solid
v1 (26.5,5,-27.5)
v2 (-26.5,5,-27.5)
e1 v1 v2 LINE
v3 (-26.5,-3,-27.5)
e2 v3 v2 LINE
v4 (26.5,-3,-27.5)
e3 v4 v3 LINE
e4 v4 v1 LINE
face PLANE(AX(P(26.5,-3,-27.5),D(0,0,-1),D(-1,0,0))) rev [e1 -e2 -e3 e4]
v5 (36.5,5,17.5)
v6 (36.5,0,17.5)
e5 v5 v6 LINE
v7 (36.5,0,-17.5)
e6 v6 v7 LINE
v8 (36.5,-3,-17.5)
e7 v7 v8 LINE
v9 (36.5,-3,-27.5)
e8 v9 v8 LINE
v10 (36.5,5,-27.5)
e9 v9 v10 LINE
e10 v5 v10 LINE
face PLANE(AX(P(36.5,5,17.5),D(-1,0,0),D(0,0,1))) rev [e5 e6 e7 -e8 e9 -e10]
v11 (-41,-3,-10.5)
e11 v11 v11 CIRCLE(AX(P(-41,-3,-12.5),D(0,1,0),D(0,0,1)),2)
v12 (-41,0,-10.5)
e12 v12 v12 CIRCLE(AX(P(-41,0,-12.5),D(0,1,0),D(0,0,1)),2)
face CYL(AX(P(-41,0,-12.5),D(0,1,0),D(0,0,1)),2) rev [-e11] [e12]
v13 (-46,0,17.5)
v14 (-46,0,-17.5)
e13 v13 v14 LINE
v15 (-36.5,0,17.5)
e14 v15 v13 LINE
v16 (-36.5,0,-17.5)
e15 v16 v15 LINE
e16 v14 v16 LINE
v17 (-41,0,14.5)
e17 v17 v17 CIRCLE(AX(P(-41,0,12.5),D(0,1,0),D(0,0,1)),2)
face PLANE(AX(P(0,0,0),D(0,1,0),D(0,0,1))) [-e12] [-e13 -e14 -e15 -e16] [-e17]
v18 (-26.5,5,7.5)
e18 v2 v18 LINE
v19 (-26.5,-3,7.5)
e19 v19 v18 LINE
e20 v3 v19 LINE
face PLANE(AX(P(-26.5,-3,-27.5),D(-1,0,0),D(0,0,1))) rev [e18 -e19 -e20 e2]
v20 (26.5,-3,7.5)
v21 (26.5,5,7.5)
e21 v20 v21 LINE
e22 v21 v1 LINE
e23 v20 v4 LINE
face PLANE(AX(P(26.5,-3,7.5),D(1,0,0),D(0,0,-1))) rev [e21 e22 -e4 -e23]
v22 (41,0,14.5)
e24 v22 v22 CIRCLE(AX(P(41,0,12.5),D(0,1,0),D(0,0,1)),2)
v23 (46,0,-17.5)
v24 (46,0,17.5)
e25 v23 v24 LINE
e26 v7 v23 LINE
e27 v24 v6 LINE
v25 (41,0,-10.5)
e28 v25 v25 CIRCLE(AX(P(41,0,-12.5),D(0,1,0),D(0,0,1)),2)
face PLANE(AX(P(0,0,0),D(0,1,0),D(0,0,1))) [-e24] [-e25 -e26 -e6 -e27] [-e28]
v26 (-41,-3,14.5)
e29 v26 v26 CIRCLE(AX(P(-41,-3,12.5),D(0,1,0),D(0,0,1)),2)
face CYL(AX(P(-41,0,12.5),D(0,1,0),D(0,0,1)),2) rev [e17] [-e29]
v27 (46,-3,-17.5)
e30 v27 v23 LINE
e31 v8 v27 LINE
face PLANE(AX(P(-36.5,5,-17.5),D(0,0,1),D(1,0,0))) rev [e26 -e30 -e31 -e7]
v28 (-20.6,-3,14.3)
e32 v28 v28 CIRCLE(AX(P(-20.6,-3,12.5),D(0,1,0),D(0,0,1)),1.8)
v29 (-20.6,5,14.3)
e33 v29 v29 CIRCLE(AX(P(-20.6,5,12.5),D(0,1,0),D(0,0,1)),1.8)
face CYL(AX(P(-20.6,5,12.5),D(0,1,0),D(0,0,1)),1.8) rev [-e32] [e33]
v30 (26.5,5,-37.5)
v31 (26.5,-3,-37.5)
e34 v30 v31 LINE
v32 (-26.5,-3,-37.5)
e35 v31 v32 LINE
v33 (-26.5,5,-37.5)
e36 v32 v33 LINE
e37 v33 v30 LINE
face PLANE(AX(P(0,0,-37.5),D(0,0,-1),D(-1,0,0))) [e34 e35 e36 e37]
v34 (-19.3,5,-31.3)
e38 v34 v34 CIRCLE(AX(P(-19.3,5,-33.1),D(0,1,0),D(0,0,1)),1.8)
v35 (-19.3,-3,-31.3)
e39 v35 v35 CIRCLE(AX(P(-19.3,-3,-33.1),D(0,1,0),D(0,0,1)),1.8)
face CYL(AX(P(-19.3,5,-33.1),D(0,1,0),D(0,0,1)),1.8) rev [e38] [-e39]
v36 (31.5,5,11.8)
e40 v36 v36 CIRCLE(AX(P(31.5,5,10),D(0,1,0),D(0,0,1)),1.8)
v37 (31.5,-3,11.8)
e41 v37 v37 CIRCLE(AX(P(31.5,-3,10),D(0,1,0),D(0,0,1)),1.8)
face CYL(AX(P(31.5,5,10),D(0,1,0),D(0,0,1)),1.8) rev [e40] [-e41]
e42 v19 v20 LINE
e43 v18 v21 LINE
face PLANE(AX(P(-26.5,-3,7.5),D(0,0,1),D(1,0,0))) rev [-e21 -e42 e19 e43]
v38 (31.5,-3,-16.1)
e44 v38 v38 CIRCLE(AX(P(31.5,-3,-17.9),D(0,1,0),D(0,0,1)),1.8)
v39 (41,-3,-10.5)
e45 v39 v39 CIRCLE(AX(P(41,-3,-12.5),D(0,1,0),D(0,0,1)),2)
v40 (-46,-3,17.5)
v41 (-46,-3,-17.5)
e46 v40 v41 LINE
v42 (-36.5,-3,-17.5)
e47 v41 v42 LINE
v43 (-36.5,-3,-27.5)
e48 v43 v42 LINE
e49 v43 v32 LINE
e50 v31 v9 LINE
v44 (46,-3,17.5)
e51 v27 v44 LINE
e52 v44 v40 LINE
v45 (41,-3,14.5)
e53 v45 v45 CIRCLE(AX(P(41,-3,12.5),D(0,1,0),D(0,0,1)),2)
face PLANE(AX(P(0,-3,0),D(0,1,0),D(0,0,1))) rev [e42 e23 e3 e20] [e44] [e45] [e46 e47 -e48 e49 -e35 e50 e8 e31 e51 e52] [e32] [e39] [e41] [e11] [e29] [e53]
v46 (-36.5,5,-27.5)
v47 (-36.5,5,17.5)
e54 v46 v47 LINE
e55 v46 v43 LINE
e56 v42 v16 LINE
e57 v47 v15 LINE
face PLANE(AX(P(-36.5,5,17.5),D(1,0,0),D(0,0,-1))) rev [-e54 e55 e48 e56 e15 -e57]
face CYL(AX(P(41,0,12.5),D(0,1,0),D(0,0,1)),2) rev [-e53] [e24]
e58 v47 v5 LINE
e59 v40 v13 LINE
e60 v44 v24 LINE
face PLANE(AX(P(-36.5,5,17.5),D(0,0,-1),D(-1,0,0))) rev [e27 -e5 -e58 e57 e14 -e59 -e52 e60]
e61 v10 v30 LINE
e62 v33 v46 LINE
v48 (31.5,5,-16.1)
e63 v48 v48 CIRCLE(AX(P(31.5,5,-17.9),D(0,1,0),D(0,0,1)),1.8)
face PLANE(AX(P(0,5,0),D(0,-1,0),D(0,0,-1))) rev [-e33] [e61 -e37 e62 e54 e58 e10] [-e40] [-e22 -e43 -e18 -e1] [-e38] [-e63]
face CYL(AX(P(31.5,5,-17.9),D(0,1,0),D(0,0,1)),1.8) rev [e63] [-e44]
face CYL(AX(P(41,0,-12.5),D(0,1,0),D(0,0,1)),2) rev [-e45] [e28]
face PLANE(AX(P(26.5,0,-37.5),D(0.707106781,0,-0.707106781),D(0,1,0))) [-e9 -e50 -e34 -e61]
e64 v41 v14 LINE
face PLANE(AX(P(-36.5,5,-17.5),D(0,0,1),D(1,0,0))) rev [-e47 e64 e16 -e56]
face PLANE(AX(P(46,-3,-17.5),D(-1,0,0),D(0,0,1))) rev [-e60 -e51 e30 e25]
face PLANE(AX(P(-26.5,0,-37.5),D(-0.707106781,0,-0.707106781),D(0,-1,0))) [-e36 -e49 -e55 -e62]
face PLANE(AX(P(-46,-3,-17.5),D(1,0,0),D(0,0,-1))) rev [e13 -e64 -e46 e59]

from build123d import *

# Parameters (mm, degrees)
SKETCH1_W                = 73
SKETCH1_H                = 35
BOSS_EXTRUDE1_DEPTH      = 5
SKETCH2_W                = 92
SKETCH2_H                = 35
BOSS_EXTRUDE2_DEPTH      = 3
M3_CLEARANCE_HOLE1_D     = 4
M3_CLEARANCE_HOLE1_DEPTH = 10
M3_CLEARANCE_HOLE1_TIP   = 1.201721238
SKETCH9_W                = 73
SKETCH9_H                = 8
BOSS_EXTRUDE3_DEPTH      = 20
M3_CLEARANCE_HOLE3_D     = 3.6
M3_CLEARANCE_HOLE3_DEPTH = 10
M3_CLEARANCE_HOLE3_TIP   = 1.081549114
SKETCH12_W               = 53
SKETCH12_H               = 35
CUT_EXTRUDE1_DEPTH       = 9
CHAMFER1_SIZE            = 10


with BuildPart() as part:
    # Sketch1 → Boss-Extrude1 (new body)
    with BuildSketch(Plane(origin=(0, 0, 0), x_dir=(1, 0, 0), z_dir=(0, 1, 0))):
        Rectangle(SKETCH1_W, SKETCH1_H)
    extrude(amount=BOSS_EXTRUDE1_DEPTH)

    # Sketch2 → Boss-Extrude2 (add)
    with BuildSketch(Plane.XZ):
        Rectangle(SKETCH2_W, SKETCH2_H)
    extrude(amount=BOSS_EXTRUDE2_DEPTH)

    # M3 Clearance Hole1
    with Locations(Plane(origin=(0, 0, 0), x_dir=(1, 0, 0), z_dir=(0, 1, 0))):
        with Locations((-41, 12.5), (-41, -12.5), (41, 12.5), (41, -12.5)):
            Hole(M3_CLEARANCE_HOLE1_D / 2, depth=M3_CLEARANCE_HOLE1_DEPTH)
            with Locations((0, 0, -(M3_CLEARANCE_HOLE1_DEPTH + M3_CLEARANCE_HOLE1_TIP / 2))):  # 118° drill point
                Cone(0, M3_CLEARANCE_HOLE1_D / 2, M3_CLEARANCE_HOLE1_TIP, mode=Mode.SUBTRACT)

    # Sketch9 → Boss-Extrude3 (add)
    with BuildSketch(Plane(origin=(0, 0, -17.5), x_dir=(-1, 0, 0), z_dir=(0, 0, -1))):
        with Locations((0, 1)):
            Rectangle(SKETCH9_W, SKETCH9_H)
    extrude(amount=BOSS_EXTRUDE3_DEPTH)

    # M3 Clearance Hole3
    with Locations(Plane(origin=(0, 5, 0), x_dir=(1, 0, 0), z_dir=(0, 1, 0))):
        with Locations((-20.6, -12.5), (-19.3, 33.1), (31.5, -10), (31.5, 17.9)):
            Hole(M3_CLEARANCE_HOLE3_D / 2, depth=M3_CLEARANCE_HOLE3_DEPTH)
            with Locations((0, 0, -(M3_CLEARANCE_HOLE3_DEPTH + M3_CLEARANCE_HOLE3_TIP / 2))):  # 118° drill point
                Cone(0, M3_CLEARANCE_HOLE3_D / 2, M3_CLEARANCE_HOLE3_TIP, mode=Mode.SUBTRACT)

    # Sketch12 → Cut-Extrude1 (cut, through all)
    with BuildSketch(Plane(origin=(0, 5, 0), x_dir=(1, 0, 0), z_dir=(0, 1, 0))):
        with Locations((0, 10)):
            Rectangle(SKETCH12_W, SKETCH12_H)
    extrude(amount=-CUT_EXTRUDE1_DEPTH, mode=Mode.SUBTRACT)

    # Chamfer1
    chamfer1_edges = [part.edges().sort_by_distance(p)[0] for p in [
        (36.5, 1, -37.5),
        (-36.5, 1, -37.5),
    ]]
    chamfer(chamfer1_edges, length=CHAMFER1_SIZE)


solid = part.part
